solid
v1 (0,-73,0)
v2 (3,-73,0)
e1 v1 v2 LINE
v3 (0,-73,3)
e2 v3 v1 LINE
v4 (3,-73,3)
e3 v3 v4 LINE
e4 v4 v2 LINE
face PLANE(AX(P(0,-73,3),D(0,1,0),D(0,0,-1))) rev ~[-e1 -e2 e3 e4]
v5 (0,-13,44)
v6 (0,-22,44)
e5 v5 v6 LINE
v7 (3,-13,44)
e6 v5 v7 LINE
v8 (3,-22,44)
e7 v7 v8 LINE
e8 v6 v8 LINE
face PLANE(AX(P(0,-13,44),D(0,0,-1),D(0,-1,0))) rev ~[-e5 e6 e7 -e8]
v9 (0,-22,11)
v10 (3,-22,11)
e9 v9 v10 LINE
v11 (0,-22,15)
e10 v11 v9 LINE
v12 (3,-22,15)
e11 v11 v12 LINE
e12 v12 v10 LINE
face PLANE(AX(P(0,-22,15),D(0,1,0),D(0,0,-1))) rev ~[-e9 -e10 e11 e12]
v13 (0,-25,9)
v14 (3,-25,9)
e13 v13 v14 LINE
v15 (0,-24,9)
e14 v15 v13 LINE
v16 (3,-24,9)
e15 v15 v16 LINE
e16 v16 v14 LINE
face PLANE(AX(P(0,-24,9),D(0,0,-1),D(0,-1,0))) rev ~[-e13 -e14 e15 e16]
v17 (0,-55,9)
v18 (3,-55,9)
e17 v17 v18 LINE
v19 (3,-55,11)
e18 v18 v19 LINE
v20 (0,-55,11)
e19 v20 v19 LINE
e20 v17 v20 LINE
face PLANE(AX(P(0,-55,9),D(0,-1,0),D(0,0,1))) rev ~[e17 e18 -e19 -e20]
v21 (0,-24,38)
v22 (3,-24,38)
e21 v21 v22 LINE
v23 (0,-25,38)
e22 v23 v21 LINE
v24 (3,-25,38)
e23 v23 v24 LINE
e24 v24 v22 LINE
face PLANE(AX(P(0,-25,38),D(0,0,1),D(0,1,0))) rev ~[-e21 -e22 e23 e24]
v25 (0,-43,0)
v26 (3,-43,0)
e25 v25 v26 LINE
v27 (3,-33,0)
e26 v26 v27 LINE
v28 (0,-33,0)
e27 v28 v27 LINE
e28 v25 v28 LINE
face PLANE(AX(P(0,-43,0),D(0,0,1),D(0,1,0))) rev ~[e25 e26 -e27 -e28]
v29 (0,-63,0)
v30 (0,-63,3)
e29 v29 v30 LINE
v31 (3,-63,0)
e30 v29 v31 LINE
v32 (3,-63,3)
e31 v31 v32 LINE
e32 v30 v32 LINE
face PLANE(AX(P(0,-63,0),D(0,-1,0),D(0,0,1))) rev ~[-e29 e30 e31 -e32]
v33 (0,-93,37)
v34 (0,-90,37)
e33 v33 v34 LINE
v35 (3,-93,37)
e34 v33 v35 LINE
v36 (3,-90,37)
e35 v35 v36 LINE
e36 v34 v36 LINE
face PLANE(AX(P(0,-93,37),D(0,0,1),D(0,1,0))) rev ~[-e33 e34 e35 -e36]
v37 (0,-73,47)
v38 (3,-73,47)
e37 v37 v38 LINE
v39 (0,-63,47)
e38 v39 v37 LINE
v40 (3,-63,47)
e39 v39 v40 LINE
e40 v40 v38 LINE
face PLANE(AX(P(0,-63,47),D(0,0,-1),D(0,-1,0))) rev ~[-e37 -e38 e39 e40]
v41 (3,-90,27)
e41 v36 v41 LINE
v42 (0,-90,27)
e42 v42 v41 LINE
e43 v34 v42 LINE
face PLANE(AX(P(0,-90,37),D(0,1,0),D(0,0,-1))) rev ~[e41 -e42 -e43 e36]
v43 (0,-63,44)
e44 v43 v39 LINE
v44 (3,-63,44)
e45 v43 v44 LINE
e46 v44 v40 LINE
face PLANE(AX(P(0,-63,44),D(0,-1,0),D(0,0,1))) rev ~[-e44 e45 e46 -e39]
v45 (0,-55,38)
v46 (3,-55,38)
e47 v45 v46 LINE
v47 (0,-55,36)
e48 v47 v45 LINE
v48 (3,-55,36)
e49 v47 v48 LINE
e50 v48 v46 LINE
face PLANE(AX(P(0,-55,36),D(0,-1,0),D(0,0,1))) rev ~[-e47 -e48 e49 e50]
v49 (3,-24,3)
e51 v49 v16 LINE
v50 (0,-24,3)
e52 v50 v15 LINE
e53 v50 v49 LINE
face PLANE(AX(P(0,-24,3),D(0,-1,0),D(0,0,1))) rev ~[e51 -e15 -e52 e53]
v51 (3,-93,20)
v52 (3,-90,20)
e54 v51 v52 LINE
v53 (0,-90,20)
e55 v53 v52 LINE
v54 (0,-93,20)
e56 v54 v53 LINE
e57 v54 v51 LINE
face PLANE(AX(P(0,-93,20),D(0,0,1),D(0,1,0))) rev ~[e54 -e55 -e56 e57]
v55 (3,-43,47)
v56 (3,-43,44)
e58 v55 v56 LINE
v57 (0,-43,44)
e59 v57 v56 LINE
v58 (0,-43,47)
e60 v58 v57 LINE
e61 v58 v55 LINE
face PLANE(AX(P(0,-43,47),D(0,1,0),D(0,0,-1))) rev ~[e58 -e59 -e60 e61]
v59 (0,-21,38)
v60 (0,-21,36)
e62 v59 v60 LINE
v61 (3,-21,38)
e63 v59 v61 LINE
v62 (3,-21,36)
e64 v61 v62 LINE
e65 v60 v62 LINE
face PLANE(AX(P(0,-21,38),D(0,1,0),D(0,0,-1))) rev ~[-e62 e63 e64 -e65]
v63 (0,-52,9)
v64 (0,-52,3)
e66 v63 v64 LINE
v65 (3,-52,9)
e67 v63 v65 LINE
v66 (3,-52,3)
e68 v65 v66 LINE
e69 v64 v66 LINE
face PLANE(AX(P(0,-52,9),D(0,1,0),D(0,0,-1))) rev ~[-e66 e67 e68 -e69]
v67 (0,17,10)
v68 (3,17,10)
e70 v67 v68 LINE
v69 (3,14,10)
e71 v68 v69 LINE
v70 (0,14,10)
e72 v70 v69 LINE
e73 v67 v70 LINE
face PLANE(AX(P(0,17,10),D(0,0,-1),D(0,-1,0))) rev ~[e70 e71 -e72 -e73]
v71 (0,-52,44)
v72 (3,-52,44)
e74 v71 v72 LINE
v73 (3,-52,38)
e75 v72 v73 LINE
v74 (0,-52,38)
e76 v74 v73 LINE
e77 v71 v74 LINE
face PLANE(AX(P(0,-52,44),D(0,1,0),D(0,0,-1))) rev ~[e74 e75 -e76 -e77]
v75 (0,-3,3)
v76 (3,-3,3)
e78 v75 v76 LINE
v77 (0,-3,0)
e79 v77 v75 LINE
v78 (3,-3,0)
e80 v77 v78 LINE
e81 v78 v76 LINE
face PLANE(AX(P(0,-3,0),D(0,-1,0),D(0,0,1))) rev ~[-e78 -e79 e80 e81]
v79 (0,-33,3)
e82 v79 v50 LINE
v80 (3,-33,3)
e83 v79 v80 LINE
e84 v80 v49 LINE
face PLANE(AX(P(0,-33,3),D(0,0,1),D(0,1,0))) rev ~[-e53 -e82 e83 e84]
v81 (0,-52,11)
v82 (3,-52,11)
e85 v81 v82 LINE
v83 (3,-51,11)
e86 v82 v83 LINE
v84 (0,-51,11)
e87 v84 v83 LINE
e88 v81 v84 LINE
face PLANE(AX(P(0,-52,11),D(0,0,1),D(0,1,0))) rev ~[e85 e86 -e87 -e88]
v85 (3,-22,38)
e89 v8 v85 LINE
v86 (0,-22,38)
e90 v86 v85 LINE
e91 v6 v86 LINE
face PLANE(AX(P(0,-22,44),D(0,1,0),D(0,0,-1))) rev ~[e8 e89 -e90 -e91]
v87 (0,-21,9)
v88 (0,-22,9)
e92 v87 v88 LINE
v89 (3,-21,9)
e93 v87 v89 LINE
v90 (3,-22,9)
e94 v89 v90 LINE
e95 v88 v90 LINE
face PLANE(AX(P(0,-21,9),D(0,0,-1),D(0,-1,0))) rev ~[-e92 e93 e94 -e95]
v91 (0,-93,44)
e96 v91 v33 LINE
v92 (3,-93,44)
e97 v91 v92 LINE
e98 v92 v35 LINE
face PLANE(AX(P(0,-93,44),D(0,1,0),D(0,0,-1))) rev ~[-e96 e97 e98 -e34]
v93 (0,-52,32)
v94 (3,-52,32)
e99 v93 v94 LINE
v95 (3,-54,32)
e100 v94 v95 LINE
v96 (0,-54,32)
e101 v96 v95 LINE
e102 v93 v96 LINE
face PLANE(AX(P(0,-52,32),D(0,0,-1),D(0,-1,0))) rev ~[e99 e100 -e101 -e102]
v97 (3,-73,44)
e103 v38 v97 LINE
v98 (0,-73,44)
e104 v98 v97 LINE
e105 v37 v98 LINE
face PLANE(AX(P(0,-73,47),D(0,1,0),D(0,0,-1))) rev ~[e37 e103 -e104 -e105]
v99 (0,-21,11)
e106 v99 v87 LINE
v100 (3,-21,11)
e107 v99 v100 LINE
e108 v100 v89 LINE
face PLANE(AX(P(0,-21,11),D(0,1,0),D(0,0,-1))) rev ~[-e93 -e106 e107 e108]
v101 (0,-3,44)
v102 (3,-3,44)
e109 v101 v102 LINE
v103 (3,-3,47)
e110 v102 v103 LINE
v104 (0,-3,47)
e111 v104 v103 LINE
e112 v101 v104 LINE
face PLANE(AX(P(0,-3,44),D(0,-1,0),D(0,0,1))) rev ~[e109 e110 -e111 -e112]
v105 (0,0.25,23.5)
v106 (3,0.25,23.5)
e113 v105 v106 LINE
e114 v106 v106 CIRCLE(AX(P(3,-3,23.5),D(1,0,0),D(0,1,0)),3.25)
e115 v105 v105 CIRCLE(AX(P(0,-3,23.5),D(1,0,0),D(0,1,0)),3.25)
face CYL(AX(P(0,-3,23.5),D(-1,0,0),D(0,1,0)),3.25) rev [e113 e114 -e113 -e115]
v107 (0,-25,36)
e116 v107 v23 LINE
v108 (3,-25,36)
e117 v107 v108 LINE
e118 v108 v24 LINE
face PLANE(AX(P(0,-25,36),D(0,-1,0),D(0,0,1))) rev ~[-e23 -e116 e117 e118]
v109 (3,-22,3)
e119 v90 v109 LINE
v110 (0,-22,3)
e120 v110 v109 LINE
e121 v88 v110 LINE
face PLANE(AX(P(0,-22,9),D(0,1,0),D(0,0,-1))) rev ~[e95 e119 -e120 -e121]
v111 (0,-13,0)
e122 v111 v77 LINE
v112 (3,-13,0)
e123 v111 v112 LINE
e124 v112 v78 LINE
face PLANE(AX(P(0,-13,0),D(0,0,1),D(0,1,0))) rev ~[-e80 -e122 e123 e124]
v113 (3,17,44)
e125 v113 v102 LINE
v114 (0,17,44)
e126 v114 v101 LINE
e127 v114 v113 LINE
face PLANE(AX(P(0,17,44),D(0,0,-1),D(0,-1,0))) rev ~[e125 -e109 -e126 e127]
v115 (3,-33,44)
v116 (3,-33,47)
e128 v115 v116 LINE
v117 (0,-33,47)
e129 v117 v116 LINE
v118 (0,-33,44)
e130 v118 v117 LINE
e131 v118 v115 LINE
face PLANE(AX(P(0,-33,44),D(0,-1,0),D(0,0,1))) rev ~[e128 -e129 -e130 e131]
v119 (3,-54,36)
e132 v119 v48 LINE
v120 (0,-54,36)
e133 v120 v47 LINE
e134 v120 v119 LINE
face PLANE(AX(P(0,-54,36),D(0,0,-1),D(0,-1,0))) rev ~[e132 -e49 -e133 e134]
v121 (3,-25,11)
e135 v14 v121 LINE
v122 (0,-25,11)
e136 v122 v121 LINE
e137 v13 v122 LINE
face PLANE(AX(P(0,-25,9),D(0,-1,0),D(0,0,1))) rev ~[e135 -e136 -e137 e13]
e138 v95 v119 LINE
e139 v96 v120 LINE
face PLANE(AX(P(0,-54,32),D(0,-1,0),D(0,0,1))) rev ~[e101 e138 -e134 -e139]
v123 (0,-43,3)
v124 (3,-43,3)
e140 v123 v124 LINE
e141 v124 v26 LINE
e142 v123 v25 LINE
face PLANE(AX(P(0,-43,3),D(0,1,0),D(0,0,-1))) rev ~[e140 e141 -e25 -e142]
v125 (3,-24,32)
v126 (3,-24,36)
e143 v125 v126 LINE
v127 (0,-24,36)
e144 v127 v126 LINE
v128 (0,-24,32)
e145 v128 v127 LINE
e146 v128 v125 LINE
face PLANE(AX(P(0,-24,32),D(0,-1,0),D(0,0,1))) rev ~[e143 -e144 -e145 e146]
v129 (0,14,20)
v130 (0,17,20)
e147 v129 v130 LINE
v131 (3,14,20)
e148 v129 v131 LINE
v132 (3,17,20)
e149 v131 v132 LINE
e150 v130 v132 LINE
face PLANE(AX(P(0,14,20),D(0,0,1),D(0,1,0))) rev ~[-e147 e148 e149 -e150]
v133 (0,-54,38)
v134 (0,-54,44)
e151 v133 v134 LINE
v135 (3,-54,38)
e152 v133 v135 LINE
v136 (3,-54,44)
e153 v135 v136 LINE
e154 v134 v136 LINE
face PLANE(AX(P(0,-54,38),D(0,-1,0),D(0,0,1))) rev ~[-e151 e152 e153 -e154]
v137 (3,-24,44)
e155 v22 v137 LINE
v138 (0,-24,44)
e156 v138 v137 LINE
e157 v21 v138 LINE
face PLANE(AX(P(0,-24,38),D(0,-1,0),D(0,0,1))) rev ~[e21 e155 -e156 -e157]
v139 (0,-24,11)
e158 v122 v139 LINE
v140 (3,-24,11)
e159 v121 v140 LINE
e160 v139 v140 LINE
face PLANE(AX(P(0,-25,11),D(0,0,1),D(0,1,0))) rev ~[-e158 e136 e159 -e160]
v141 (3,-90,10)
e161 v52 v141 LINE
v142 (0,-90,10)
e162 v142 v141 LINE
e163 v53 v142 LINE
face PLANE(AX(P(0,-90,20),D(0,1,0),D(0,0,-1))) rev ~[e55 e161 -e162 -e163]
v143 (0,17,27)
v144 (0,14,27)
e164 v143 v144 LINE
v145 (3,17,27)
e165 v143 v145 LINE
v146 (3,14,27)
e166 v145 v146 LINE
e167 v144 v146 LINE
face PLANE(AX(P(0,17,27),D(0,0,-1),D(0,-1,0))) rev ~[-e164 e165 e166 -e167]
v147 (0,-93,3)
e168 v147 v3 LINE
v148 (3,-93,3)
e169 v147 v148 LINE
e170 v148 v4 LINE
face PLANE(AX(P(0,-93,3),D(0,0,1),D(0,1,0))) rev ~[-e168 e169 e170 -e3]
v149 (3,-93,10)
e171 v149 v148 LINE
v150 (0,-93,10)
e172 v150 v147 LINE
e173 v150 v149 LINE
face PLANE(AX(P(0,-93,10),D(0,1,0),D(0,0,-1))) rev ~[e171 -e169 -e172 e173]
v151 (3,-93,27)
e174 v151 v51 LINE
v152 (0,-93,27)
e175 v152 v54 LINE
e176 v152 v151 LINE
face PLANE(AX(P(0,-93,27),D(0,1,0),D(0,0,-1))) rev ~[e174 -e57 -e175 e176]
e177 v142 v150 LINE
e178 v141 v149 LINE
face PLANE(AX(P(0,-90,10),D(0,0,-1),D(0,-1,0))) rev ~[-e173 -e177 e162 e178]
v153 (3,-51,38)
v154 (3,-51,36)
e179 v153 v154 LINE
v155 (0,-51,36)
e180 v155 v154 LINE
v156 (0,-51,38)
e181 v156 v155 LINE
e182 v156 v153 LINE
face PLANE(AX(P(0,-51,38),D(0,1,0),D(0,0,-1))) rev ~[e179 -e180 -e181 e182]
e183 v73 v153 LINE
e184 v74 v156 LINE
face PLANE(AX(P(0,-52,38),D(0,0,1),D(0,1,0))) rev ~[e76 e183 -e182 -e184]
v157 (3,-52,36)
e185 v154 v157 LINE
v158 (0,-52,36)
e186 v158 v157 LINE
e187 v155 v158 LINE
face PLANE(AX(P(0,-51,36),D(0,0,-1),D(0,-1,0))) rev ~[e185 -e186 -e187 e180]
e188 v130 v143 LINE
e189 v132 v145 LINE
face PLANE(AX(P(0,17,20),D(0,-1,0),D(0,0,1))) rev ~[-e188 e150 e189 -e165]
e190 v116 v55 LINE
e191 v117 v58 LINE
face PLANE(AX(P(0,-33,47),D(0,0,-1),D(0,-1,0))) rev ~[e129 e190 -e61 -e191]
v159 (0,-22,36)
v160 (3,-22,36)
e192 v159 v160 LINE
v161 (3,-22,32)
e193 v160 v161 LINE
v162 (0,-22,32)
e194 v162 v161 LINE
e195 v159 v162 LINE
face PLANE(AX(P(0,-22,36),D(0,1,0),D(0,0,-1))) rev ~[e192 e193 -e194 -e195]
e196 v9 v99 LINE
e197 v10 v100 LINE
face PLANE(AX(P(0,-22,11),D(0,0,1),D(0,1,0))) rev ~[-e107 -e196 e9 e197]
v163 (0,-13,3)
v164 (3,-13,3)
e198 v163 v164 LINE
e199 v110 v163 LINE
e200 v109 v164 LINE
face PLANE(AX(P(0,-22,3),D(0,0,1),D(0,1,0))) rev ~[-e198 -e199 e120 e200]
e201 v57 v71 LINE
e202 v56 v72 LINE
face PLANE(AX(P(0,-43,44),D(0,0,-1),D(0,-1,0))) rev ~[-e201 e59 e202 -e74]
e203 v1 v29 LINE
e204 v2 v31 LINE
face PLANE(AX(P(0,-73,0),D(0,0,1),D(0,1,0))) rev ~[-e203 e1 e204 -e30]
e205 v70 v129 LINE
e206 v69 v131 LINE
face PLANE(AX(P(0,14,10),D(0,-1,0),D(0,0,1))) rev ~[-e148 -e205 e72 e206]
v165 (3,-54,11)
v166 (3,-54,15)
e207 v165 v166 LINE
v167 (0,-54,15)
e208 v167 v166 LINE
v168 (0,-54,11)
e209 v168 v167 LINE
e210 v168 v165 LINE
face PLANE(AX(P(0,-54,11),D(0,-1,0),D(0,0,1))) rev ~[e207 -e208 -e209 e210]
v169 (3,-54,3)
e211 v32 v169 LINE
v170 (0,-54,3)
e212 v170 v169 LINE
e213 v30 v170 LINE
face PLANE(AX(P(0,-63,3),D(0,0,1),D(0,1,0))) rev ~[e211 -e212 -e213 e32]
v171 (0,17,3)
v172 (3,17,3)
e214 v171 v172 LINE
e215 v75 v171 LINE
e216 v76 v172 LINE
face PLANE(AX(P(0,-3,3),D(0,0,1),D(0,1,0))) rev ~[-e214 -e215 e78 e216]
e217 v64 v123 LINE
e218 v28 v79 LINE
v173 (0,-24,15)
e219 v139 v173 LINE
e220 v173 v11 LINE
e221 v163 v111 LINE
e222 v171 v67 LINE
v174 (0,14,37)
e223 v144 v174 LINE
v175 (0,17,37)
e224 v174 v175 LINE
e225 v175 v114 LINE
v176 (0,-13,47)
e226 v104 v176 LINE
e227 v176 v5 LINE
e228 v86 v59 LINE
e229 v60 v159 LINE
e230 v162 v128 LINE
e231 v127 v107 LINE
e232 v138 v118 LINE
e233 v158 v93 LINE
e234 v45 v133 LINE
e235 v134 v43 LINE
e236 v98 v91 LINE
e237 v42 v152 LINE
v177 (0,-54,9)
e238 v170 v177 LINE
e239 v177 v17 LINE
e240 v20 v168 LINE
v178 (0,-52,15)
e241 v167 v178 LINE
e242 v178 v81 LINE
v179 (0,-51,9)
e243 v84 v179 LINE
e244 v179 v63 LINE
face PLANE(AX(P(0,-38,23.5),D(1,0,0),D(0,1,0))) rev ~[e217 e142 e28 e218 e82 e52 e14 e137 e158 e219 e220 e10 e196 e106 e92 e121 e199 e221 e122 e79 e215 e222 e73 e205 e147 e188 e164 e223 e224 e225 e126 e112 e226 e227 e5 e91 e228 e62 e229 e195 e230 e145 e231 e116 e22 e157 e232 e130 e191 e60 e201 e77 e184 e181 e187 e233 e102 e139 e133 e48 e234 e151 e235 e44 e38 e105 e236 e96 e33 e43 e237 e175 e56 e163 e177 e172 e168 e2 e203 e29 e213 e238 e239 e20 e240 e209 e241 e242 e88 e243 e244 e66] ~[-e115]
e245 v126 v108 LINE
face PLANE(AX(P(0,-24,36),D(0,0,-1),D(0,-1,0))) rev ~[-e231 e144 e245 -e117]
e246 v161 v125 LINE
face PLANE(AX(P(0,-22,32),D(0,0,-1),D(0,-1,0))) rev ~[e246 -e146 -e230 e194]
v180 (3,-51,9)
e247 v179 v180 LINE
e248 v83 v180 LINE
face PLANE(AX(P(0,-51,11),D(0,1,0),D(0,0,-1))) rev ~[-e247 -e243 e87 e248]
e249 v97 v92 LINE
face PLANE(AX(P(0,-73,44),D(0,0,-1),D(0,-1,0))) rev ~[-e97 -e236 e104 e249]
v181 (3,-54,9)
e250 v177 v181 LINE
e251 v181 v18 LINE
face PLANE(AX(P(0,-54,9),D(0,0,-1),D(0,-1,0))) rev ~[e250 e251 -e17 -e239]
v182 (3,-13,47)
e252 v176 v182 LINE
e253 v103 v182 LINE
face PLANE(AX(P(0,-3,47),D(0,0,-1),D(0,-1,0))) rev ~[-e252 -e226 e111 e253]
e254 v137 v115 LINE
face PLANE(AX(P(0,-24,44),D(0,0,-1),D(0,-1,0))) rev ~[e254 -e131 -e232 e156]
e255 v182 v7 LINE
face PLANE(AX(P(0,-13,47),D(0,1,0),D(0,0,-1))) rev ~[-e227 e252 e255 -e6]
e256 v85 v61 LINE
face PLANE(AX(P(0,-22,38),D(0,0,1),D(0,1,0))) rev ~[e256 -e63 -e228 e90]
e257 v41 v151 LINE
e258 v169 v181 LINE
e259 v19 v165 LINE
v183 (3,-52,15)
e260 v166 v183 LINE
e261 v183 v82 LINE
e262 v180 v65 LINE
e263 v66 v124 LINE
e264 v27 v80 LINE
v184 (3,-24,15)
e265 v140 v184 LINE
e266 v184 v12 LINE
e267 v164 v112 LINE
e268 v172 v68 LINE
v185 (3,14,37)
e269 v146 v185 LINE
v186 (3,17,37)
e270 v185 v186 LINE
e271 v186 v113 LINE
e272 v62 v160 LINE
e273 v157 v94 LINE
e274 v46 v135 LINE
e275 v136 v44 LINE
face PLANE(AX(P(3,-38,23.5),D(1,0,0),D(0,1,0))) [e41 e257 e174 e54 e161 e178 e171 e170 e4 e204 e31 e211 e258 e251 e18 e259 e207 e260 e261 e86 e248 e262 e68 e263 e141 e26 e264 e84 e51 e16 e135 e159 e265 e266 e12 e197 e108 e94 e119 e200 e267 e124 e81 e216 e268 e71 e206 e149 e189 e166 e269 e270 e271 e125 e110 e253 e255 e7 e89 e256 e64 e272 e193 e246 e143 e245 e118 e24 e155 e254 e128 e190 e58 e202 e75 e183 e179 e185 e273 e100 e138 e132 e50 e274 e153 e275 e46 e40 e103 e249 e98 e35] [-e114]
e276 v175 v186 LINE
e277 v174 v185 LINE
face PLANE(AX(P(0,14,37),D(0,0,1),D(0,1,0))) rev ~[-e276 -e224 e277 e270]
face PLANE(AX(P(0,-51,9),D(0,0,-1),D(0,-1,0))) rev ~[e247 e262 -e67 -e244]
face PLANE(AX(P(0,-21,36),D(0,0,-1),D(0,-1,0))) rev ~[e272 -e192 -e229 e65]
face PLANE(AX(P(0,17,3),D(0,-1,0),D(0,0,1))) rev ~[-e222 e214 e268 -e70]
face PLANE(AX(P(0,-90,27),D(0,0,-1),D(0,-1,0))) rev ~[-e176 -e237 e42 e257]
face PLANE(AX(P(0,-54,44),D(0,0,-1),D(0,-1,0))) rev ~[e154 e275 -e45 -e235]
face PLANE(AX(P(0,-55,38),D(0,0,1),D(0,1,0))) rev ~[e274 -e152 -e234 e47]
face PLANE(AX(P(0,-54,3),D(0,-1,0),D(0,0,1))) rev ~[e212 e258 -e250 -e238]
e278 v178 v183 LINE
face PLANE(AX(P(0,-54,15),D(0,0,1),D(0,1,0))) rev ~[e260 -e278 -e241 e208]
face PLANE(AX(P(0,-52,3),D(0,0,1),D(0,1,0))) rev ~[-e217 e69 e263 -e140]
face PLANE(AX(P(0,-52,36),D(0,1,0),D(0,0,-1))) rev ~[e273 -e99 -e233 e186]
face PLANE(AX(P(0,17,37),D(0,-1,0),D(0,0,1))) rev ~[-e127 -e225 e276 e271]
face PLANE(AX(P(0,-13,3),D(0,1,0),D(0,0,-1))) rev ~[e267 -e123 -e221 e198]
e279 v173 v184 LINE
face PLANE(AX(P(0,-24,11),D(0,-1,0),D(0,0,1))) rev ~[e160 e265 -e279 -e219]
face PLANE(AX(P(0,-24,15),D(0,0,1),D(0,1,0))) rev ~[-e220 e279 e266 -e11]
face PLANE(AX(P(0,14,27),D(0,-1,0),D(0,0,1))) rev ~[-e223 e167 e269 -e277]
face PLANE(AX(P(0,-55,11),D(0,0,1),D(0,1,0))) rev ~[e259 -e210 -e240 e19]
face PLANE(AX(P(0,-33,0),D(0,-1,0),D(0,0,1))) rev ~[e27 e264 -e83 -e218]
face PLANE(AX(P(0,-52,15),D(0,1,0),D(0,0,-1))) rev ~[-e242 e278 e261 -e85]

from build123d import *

# Parameters (mm, degrees)
F0_R     = 3.25
F1_DEPTH = 3


with BuildPart() as f1:
    # F0 (on Right) → F1 (new body)
    with BuildSketch(Plane.YZ):
        Polygon((-3, 3), (0, 3), (17, 3), (17, 10), (14, 10), (14, 20), (17, 20), (17, 27), (14, 27), (14, 37), (17, 37), (17, 44), (-3, 44), (-3, 47), (-13, 47), (-13, 44), (-22, 44), (-22, 38), (-21, 38), (-21, 36), (-22, 36), (-22, 32), (-24, 32), (-24, 36), (-25, 36), (-25, 38), (-24, 38), (-24, 44), (-33, 44), (-33, 47), (-43, 47), (-43, 44), (-52, 44), (-52, 38), (-51, 38), (-51, 36), (-52, 36), (-52, 32), (-54, 32), (-54, 36), (-55, 36), (-55, 38), (-54, 38), (-54, 44), (-63, 44), (-63, 47), (-73, 47), (-73, 44), (-93, 44), (-93, 37), (-90, 37), (-90, 27), (-93, 27), (-93, 20), (-90, 20), (-90, 10), (-93, 10), (-93, 3), (-73, 3), (-73, 0), (-63, 0), (-63, 3), (-54, 3), (-54, 9), (-55, 9), (-55, 11), (-54, 11), (-54, 15), (-52, 15), (-52, 11), (-51, 11), (-51, 9), (-52, 9), (-52, 3), (-43, 3), (-43, 0), (-33, 0), (-33, 3), (-24, 3), (-24, 9), (-25, 9), (-25, 11), (-24, 11), (-24, 15), (-22, 15), (-22, 11), (-21, 11), (-21, 9), (-22, 9), (-22, 3), (-13, 3), (-13, 0), (-3, 0), align=None)
        with Locations((-3, 23.5)):
            Circle(F0_R, mode=Mode.SUBTRACT)
    extrude(amount=F1_DEPTH)


solid = f1.part
